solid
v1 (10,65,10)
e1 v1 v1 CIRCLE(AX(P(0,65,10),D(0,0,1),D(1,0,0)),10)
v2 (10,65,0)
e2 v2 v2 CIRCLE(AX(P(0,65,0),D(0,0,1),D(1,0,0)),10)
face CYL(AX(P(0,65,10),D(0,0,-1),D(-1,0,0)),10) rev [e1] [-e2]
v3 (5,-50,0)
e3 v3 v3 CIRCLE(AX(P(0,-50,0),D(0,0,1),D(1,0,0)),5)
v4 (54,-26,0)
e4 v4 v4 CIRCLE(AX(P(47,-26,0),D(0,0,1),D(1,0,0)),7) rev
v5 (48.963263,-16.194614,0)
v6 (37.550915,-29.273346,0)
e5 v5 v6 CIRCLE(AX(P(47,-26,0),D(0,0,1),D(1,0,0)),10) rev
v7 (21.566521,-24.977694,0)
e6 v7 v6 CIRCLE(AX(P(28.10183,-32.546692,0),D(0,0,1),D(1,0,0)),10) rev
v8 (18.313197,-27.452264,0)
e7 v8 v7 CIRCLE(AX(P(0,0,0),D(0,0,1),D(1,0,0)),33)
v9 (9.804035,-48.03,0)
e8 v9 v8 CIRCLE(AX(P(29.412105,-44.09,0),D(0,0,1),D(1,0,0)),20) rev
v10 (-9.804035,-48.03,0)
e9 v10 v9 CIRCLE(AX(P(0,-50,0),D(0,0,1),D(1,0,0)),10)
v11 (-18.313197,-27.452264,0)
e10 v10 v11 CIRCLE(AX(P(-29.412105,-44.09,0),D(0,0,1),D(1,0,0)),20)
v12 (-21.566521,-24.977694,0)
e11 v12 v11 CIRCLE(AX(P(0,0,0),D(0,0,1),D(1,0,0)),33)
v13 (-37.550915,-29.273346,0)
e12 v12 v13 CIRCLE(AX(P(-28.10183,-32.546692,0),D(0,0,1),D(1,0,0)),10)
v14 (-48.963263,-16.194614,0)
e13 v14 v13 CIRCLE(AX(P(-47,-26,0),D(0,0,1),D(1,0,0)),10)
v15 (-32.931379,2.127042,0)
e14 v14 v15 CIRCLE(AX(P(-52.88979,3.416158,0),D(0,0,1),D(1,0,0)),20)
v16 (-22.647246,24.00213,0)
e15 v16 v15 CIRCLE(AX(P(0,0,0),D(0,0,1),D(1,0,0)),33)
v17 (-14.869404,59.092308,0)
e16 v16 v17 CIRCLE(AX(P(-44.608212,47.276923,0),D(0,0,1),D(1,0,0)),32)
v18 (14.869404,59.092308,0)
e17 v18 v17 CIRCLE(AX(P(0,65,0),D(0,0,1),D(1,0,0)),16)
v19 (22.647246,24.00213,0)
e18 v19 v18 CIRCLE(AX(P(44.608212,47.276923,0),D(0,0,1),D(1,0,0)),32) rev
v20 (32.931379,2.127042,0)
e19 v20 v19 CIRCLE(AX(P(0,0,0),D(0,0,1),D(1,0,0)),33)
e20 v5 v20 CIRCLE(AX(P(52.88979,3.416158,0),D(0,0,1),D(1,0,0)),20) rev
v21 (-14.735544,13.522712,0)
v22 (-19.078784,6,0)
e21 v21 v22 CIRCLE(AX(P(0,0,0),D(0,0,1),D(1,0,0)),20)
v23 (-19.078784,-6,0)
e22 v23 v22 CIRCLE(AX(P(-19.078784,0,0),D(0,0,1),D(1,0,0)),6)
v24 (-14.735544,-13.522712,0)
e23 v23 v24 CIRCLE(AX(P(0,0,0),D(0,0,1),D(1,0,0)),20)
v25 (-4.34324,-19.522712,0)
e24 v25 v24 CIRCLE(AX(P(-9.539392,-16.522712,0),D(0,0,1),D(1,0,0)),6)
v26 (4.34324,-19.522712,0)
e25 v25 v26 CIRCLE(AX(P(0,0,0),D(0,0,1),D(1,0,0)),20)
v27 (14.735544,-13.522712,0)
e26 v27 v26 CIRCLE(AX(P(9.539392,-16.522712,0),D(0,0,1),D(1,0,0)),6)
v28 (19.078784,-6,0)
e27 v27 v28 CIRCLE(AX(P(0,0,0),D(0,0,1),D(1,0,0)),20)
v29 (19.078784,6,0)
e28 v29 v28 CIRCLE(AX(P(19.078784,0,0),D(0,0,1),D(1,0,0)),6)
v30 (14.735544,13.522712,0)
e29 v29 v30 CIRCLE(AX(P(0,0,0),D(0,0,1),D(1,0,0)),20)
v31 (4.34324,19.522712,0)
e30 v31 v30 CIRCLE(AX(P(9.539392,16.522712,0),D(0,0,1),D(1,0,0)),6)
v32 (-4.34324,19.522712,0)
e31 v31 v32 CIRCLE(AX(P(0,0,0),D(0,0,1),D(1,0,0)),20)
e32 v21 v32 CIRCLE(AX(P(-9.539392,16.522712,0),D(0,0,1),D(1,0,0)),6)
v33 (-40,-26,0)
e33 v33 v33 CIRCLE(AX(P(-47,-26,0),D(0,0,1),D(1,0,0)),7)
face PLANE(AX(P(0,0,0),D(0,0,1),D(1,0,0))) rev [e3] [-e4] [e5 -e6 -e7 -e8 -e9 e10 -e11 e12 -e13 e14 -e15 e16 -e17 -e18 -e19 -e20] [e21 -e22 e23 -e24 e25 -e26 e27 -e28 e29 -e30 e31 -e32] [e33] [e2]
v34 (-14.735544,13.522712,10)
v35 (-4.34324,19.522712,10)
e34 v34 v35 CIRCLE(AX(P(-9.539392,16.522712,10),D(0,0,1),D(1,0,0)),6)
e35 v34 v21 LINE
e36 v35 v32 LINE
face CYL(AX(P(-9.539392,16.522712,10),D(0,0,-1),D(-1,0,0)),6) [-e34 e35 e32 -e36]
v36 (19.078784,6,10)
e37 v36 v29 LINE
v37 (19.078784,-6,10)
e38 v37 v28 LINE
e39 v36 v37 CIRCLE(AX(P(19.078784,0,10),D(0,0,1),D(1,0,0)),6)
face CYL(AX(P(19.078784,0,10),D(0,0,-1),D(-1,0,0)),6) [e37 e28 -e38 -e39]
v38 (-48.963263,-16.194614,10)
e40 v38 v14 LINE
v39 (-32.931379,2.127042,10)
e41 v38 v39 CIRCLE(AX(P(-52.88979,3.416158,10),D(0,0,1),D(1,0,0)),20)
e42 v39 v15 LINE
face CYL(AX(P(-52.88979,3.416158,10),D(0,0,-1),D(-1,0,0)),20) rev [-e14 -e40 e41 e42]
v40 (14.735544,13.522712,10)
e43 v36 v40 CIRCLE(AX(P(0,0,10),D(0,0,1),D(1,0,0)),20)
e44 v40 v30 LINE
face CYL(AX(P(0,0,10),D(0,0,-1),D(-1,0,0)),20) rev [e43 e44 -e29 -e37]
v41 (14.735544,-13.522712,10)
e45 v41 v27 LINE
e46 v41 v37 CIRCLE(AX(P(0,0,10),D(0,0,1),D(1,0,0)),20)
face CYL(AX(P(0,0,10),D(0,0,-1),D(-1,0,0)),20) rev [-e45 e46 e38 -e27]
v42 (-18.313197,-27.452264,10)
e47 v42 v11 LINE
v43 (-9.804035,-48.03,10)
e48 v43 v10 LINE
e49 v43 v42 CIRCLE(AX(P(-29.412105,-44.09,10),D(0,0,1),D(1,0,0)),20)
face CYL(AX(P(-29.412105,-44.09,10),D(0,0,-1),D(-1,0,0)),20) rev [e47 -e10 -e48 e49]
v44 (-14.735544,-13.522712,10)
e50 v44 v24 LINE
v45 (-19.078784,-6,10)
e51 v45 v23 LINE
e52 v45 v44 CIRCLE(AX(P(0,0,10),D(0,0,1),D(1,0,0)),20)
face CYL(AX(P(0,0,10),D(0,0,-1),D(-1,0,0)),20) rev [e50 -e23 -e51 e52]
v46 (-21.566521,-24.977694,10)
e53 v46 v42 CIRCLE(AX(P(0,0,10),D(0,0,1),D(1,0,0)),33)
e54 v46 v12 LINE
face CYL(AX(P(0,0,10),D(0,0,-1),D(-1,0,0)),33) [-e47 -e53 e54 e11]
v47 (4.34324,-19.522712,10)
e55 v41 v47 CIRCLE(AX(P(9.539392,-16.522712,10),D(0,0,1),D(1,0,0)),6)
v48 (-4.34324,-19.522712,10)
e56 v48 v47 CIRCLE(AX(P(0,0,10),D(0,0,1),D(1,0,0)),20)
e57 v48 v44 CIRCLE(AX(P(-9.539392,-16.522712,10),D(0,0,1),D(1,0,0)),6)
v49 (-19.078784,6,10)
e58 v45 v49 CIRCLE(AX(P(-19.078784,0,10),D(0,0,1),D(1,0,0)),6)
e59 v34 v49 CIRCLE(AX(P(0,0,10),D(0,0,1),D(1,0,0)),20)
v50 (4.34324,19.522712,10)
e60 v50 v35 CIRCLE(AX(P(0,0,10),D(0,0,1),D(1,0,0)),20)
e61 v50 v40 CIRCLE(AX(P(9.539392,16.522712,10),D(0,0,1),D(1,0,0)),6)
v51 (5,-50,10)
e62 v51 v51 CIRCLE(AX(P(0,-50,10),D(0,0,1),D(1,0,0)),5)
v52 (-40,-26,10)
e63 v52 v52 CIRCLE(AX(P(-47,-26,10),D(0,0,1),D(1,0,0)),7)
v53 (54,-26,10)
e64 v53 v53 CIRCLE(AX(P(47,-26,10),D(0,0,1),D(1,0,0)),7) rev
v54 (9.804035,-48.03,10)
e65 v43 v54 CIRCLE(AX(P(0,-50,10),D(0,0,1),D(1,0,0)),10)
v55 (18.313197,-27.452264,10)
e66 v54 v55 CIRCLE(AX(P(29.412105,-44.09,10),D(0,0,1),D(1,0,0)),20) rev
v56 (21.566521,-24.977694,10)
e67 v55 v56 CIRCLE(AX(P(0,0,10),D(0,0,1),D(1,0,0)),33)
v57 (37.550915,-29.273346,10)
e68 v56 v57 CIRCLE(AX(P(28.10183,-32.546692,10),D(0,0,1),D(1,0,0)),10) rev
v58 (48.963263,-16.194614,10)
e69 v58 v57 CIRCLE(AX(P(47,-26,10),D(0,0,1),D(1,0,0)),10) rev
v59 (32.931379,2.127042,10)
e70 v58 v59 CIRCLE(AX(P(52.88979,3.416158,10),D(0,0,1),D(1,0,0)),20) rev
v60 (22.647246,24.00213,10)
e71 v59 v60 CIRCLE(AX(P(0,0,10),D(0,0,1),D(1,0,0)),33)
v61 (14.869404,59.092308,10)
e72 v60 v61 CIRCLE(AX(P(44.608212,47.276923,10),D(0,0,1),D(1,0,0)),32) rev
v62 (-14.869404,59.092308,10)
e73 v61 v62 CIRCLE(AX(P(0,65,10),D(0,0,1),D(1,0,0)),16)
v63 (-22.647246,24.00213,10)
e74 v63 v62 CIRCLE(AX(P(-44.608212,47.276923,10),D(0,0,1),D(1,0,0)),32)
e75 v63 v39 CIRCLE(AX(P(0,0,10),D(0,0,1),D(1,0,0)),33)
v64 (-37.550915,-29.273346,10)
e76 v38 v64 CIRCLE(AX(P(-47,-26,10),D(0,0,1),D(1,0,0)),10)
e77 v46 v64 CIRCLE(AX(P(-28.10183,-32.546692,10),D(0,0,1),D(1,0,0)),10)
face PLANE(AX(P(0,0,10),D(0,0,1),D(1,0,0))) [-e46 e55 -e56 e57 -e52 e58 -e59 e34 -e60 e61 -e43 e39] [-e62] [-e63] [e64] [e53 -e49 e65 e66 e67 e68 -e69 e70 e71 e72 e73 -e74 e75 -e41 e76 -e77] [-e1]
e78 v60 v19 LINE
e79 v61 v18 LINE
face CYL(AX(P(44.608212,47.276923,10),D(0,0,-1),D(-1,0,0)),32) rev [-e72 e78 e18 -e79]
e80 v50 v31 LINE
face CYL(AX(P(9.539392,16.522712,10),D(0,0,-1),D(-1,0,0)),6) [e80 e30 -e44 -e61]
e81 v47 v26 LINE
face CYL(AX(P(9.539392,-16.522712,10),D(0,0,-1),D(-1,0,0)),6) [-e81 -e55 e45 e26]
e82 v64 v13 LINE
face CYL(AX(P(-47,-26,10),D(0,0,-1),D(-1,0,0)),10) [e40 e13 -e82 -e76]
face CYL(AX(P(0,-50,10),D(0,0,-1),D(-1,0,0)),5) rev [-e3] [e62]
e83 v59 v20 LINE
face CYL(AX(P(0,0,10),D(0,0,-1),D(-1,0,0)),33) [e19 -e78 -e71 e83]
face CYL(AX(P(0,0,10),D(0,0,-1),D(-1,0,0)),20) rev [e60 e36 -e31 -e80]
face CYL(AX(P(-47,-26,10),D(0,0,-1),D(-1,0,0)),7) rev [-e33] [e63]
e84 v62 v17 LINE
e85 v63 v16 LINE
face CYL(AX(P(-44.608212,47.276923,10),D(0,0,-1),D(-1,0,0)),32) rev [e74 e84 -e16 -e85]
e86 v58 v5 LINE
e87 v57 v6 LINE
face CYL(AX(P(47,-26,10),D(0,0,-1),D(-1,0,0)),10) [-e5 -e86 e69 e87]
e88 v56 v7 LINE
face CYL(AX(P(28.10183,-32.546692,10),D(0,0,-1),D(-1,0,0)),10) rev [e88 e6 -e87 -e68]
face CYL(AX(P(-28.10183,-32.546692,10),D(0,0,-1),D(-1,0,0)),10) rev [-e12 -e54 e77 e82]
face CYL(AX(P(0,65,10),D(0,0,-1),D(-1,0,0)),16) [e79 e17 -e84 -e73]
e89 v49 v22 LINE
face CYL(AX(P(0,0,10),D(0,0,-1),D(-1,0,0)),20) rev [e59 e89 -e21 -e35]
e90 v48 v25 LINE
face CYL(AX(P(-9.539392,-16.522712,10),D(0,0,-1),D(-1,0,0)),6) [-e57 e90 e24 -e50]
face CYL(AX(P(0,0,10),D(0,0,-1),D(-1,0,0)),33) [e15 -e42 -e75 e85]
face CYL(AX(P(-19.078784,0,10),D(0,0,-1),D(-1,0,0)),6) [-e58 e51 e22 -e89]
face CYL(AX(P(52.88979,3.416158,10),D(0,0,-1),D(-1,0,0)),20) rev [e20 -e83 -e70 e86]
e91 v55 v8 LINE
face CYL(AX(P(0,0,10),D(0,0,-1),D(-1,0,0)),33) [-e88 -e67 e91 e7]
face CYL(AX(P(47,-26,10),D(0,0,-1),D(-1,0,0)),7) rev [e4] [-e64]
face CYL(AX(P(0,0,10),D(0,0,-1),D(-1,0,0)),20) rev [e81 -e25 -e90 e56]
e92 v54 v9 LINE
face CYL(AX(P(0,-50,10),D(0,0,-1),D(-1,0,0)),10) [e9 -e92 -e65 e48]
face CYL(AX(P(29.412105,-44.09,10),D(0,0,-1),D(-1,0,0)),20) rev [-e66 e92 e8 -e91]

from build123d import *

# Parameters (mm, degrees)
SKETCH1_R           = 7
SKETCH1_R_2         = 5
SKETCH1_R_3         = 10
BOSS_EXTRUDE1_DEPTH = 10


with BuildPart() as part:
    # Sketch1 → Boss-Extrude1 (new body)
    with BuildSketch(Plane.XY):
        with BuildLine():
            ThreePointArc((-14.869403875, 59.092307692), (-13.366464174, 40.352096999), (-22.647245902, 24.002130178))
            ThreePointArc((-22.647245902, 24.002130178), (-29.864288772, 14.040094593), (-32.931378534, 2.127042038))
            ThreePointArc((-32.931378534, 2.127042038), (-37.838433301, -9.754136505), (-48.963263256, -16.194613858))
            ThreePointArc((-48.963263256, -16.194613858), (-54.534765397, -32.574747935), (-37.550915036, -29.273345896))
            ThreePointArc((-37.550915036, -29.273345896), (-30.697148757, -22.889346352), (-21.566520754, -24.9776937))
            ThreePointArc((-21.566520754, -24.9776937), (-19.978209416, -26.265398313), (-18.313197236, -27.452264151))
            ThreePointArc((-18.313197236, -27.452264151), (-10.929939867, -36.447383635), (-9.804034884, -48.03))
            ThreePointArc((-9.804034884, -48.03), (0, -60), (9.804034884, -48.03))
            ThreePointArc((9.804034884, -48.03), (10.929939867, -36.447383635), (18.313197236, -27.452264151))
            ThreePointArc((18.313197236, -27.452264151), (19.978209416, -26.265398313), (21.566520754, -24.9776937))
            ThreePointArc((21.566520754, -24.9776937), (30.697148757, -22.889346352), (37.550915036, -29.273345896))
            ThreePointArc((37.550915036, -29.273345896), (54.534765397, -32.574747935), (48.963263256, -16.194613858))
            ThreePointArc((48.963263256, -16.194613858), (37.838433301, -9.754136505), (32.931378534, 2.127042038))
            ThreePointArc((32.931378534, 2.127042038), (29.864288772, 14.040094593), (22.647245902, 24.002130178))
            ThreePointArc((22.647245902, 24.002130178), (13.366464174, 40.352096999), (14.869403875, 59.092307692))
            ThreePointArc((14.869403875, 59.092307692), (0, 81), (-14.869403875, 59.092307692))
        make_face()
        with Locations((-47, -26)):
            Circle(SKETCH1_R, mode=Mode.SUBTRACT)
        with Locations((0, -50)):
            Circle(SKETCH1_R_2, mode=Mode.SUBTRACT)
        with Locations((47, -26)):
            Circle(SKETCH1_R, mode=Mode.SUBTRACT)
        with BuildLine():
            ThreePointArc((-14.735544437, -13.522711642), (-17.320508076, -10), (-19.078784028, -6))
            ThreePointArc((-19.078784028, -6), (-13.078784028, 0), (-19.078784028, 6))
            ThreePointArc((-19.078784028, 6), (-17.320508076, 10), (-14.735544437, 13.522711642))
            ThreePointArc((-14.735544437, 13.522711642), (-6.539392014, 11.326559219), (-4.343239591, 19.522711642))
            ThreePointArc((-4.343239591, 19.522711642), (0, 20), (4.343239591, 19.522711642))
            ThreePointArc((4.343239591, 19.522711642), (6.539392014, 11.326559219), (14.735544437, 13.522711642))
            ThreePointArc((14.735544437, 13.522711642), (17.320508076, 10), (19.078784028, 6))
            ThreePointArc((19.078784028, 6), (13.078784028, 0), (19.078784028, -6))
            ThreePointArc((19.078784028, -6), (17.320508076, -10), (14.735544437, -13.522711642))
            ThreePointArc((14.735544437, -13.522711642), (6.539392014, -11.326559219), (4.343239591, -19.522711642))
            ThreePointArc((4.343239591, -19.522711642), (0, -20), (-4.343239591, -19.522711642))
            ThreePointArc((-4.343239591, -19.522711642), (-6.539392014, -11.326559219), (-14.735544437, -13.522711642))
        make_face(mode=Mode.SUBTRACT)
        with Locations((0, 65)):
            Circle(SKETCH1_R_3, mode=Mode.SUBTRACT)
    extrude(amount=BOSS_EXTRUDE1_DEPTH)


solid = part.part
